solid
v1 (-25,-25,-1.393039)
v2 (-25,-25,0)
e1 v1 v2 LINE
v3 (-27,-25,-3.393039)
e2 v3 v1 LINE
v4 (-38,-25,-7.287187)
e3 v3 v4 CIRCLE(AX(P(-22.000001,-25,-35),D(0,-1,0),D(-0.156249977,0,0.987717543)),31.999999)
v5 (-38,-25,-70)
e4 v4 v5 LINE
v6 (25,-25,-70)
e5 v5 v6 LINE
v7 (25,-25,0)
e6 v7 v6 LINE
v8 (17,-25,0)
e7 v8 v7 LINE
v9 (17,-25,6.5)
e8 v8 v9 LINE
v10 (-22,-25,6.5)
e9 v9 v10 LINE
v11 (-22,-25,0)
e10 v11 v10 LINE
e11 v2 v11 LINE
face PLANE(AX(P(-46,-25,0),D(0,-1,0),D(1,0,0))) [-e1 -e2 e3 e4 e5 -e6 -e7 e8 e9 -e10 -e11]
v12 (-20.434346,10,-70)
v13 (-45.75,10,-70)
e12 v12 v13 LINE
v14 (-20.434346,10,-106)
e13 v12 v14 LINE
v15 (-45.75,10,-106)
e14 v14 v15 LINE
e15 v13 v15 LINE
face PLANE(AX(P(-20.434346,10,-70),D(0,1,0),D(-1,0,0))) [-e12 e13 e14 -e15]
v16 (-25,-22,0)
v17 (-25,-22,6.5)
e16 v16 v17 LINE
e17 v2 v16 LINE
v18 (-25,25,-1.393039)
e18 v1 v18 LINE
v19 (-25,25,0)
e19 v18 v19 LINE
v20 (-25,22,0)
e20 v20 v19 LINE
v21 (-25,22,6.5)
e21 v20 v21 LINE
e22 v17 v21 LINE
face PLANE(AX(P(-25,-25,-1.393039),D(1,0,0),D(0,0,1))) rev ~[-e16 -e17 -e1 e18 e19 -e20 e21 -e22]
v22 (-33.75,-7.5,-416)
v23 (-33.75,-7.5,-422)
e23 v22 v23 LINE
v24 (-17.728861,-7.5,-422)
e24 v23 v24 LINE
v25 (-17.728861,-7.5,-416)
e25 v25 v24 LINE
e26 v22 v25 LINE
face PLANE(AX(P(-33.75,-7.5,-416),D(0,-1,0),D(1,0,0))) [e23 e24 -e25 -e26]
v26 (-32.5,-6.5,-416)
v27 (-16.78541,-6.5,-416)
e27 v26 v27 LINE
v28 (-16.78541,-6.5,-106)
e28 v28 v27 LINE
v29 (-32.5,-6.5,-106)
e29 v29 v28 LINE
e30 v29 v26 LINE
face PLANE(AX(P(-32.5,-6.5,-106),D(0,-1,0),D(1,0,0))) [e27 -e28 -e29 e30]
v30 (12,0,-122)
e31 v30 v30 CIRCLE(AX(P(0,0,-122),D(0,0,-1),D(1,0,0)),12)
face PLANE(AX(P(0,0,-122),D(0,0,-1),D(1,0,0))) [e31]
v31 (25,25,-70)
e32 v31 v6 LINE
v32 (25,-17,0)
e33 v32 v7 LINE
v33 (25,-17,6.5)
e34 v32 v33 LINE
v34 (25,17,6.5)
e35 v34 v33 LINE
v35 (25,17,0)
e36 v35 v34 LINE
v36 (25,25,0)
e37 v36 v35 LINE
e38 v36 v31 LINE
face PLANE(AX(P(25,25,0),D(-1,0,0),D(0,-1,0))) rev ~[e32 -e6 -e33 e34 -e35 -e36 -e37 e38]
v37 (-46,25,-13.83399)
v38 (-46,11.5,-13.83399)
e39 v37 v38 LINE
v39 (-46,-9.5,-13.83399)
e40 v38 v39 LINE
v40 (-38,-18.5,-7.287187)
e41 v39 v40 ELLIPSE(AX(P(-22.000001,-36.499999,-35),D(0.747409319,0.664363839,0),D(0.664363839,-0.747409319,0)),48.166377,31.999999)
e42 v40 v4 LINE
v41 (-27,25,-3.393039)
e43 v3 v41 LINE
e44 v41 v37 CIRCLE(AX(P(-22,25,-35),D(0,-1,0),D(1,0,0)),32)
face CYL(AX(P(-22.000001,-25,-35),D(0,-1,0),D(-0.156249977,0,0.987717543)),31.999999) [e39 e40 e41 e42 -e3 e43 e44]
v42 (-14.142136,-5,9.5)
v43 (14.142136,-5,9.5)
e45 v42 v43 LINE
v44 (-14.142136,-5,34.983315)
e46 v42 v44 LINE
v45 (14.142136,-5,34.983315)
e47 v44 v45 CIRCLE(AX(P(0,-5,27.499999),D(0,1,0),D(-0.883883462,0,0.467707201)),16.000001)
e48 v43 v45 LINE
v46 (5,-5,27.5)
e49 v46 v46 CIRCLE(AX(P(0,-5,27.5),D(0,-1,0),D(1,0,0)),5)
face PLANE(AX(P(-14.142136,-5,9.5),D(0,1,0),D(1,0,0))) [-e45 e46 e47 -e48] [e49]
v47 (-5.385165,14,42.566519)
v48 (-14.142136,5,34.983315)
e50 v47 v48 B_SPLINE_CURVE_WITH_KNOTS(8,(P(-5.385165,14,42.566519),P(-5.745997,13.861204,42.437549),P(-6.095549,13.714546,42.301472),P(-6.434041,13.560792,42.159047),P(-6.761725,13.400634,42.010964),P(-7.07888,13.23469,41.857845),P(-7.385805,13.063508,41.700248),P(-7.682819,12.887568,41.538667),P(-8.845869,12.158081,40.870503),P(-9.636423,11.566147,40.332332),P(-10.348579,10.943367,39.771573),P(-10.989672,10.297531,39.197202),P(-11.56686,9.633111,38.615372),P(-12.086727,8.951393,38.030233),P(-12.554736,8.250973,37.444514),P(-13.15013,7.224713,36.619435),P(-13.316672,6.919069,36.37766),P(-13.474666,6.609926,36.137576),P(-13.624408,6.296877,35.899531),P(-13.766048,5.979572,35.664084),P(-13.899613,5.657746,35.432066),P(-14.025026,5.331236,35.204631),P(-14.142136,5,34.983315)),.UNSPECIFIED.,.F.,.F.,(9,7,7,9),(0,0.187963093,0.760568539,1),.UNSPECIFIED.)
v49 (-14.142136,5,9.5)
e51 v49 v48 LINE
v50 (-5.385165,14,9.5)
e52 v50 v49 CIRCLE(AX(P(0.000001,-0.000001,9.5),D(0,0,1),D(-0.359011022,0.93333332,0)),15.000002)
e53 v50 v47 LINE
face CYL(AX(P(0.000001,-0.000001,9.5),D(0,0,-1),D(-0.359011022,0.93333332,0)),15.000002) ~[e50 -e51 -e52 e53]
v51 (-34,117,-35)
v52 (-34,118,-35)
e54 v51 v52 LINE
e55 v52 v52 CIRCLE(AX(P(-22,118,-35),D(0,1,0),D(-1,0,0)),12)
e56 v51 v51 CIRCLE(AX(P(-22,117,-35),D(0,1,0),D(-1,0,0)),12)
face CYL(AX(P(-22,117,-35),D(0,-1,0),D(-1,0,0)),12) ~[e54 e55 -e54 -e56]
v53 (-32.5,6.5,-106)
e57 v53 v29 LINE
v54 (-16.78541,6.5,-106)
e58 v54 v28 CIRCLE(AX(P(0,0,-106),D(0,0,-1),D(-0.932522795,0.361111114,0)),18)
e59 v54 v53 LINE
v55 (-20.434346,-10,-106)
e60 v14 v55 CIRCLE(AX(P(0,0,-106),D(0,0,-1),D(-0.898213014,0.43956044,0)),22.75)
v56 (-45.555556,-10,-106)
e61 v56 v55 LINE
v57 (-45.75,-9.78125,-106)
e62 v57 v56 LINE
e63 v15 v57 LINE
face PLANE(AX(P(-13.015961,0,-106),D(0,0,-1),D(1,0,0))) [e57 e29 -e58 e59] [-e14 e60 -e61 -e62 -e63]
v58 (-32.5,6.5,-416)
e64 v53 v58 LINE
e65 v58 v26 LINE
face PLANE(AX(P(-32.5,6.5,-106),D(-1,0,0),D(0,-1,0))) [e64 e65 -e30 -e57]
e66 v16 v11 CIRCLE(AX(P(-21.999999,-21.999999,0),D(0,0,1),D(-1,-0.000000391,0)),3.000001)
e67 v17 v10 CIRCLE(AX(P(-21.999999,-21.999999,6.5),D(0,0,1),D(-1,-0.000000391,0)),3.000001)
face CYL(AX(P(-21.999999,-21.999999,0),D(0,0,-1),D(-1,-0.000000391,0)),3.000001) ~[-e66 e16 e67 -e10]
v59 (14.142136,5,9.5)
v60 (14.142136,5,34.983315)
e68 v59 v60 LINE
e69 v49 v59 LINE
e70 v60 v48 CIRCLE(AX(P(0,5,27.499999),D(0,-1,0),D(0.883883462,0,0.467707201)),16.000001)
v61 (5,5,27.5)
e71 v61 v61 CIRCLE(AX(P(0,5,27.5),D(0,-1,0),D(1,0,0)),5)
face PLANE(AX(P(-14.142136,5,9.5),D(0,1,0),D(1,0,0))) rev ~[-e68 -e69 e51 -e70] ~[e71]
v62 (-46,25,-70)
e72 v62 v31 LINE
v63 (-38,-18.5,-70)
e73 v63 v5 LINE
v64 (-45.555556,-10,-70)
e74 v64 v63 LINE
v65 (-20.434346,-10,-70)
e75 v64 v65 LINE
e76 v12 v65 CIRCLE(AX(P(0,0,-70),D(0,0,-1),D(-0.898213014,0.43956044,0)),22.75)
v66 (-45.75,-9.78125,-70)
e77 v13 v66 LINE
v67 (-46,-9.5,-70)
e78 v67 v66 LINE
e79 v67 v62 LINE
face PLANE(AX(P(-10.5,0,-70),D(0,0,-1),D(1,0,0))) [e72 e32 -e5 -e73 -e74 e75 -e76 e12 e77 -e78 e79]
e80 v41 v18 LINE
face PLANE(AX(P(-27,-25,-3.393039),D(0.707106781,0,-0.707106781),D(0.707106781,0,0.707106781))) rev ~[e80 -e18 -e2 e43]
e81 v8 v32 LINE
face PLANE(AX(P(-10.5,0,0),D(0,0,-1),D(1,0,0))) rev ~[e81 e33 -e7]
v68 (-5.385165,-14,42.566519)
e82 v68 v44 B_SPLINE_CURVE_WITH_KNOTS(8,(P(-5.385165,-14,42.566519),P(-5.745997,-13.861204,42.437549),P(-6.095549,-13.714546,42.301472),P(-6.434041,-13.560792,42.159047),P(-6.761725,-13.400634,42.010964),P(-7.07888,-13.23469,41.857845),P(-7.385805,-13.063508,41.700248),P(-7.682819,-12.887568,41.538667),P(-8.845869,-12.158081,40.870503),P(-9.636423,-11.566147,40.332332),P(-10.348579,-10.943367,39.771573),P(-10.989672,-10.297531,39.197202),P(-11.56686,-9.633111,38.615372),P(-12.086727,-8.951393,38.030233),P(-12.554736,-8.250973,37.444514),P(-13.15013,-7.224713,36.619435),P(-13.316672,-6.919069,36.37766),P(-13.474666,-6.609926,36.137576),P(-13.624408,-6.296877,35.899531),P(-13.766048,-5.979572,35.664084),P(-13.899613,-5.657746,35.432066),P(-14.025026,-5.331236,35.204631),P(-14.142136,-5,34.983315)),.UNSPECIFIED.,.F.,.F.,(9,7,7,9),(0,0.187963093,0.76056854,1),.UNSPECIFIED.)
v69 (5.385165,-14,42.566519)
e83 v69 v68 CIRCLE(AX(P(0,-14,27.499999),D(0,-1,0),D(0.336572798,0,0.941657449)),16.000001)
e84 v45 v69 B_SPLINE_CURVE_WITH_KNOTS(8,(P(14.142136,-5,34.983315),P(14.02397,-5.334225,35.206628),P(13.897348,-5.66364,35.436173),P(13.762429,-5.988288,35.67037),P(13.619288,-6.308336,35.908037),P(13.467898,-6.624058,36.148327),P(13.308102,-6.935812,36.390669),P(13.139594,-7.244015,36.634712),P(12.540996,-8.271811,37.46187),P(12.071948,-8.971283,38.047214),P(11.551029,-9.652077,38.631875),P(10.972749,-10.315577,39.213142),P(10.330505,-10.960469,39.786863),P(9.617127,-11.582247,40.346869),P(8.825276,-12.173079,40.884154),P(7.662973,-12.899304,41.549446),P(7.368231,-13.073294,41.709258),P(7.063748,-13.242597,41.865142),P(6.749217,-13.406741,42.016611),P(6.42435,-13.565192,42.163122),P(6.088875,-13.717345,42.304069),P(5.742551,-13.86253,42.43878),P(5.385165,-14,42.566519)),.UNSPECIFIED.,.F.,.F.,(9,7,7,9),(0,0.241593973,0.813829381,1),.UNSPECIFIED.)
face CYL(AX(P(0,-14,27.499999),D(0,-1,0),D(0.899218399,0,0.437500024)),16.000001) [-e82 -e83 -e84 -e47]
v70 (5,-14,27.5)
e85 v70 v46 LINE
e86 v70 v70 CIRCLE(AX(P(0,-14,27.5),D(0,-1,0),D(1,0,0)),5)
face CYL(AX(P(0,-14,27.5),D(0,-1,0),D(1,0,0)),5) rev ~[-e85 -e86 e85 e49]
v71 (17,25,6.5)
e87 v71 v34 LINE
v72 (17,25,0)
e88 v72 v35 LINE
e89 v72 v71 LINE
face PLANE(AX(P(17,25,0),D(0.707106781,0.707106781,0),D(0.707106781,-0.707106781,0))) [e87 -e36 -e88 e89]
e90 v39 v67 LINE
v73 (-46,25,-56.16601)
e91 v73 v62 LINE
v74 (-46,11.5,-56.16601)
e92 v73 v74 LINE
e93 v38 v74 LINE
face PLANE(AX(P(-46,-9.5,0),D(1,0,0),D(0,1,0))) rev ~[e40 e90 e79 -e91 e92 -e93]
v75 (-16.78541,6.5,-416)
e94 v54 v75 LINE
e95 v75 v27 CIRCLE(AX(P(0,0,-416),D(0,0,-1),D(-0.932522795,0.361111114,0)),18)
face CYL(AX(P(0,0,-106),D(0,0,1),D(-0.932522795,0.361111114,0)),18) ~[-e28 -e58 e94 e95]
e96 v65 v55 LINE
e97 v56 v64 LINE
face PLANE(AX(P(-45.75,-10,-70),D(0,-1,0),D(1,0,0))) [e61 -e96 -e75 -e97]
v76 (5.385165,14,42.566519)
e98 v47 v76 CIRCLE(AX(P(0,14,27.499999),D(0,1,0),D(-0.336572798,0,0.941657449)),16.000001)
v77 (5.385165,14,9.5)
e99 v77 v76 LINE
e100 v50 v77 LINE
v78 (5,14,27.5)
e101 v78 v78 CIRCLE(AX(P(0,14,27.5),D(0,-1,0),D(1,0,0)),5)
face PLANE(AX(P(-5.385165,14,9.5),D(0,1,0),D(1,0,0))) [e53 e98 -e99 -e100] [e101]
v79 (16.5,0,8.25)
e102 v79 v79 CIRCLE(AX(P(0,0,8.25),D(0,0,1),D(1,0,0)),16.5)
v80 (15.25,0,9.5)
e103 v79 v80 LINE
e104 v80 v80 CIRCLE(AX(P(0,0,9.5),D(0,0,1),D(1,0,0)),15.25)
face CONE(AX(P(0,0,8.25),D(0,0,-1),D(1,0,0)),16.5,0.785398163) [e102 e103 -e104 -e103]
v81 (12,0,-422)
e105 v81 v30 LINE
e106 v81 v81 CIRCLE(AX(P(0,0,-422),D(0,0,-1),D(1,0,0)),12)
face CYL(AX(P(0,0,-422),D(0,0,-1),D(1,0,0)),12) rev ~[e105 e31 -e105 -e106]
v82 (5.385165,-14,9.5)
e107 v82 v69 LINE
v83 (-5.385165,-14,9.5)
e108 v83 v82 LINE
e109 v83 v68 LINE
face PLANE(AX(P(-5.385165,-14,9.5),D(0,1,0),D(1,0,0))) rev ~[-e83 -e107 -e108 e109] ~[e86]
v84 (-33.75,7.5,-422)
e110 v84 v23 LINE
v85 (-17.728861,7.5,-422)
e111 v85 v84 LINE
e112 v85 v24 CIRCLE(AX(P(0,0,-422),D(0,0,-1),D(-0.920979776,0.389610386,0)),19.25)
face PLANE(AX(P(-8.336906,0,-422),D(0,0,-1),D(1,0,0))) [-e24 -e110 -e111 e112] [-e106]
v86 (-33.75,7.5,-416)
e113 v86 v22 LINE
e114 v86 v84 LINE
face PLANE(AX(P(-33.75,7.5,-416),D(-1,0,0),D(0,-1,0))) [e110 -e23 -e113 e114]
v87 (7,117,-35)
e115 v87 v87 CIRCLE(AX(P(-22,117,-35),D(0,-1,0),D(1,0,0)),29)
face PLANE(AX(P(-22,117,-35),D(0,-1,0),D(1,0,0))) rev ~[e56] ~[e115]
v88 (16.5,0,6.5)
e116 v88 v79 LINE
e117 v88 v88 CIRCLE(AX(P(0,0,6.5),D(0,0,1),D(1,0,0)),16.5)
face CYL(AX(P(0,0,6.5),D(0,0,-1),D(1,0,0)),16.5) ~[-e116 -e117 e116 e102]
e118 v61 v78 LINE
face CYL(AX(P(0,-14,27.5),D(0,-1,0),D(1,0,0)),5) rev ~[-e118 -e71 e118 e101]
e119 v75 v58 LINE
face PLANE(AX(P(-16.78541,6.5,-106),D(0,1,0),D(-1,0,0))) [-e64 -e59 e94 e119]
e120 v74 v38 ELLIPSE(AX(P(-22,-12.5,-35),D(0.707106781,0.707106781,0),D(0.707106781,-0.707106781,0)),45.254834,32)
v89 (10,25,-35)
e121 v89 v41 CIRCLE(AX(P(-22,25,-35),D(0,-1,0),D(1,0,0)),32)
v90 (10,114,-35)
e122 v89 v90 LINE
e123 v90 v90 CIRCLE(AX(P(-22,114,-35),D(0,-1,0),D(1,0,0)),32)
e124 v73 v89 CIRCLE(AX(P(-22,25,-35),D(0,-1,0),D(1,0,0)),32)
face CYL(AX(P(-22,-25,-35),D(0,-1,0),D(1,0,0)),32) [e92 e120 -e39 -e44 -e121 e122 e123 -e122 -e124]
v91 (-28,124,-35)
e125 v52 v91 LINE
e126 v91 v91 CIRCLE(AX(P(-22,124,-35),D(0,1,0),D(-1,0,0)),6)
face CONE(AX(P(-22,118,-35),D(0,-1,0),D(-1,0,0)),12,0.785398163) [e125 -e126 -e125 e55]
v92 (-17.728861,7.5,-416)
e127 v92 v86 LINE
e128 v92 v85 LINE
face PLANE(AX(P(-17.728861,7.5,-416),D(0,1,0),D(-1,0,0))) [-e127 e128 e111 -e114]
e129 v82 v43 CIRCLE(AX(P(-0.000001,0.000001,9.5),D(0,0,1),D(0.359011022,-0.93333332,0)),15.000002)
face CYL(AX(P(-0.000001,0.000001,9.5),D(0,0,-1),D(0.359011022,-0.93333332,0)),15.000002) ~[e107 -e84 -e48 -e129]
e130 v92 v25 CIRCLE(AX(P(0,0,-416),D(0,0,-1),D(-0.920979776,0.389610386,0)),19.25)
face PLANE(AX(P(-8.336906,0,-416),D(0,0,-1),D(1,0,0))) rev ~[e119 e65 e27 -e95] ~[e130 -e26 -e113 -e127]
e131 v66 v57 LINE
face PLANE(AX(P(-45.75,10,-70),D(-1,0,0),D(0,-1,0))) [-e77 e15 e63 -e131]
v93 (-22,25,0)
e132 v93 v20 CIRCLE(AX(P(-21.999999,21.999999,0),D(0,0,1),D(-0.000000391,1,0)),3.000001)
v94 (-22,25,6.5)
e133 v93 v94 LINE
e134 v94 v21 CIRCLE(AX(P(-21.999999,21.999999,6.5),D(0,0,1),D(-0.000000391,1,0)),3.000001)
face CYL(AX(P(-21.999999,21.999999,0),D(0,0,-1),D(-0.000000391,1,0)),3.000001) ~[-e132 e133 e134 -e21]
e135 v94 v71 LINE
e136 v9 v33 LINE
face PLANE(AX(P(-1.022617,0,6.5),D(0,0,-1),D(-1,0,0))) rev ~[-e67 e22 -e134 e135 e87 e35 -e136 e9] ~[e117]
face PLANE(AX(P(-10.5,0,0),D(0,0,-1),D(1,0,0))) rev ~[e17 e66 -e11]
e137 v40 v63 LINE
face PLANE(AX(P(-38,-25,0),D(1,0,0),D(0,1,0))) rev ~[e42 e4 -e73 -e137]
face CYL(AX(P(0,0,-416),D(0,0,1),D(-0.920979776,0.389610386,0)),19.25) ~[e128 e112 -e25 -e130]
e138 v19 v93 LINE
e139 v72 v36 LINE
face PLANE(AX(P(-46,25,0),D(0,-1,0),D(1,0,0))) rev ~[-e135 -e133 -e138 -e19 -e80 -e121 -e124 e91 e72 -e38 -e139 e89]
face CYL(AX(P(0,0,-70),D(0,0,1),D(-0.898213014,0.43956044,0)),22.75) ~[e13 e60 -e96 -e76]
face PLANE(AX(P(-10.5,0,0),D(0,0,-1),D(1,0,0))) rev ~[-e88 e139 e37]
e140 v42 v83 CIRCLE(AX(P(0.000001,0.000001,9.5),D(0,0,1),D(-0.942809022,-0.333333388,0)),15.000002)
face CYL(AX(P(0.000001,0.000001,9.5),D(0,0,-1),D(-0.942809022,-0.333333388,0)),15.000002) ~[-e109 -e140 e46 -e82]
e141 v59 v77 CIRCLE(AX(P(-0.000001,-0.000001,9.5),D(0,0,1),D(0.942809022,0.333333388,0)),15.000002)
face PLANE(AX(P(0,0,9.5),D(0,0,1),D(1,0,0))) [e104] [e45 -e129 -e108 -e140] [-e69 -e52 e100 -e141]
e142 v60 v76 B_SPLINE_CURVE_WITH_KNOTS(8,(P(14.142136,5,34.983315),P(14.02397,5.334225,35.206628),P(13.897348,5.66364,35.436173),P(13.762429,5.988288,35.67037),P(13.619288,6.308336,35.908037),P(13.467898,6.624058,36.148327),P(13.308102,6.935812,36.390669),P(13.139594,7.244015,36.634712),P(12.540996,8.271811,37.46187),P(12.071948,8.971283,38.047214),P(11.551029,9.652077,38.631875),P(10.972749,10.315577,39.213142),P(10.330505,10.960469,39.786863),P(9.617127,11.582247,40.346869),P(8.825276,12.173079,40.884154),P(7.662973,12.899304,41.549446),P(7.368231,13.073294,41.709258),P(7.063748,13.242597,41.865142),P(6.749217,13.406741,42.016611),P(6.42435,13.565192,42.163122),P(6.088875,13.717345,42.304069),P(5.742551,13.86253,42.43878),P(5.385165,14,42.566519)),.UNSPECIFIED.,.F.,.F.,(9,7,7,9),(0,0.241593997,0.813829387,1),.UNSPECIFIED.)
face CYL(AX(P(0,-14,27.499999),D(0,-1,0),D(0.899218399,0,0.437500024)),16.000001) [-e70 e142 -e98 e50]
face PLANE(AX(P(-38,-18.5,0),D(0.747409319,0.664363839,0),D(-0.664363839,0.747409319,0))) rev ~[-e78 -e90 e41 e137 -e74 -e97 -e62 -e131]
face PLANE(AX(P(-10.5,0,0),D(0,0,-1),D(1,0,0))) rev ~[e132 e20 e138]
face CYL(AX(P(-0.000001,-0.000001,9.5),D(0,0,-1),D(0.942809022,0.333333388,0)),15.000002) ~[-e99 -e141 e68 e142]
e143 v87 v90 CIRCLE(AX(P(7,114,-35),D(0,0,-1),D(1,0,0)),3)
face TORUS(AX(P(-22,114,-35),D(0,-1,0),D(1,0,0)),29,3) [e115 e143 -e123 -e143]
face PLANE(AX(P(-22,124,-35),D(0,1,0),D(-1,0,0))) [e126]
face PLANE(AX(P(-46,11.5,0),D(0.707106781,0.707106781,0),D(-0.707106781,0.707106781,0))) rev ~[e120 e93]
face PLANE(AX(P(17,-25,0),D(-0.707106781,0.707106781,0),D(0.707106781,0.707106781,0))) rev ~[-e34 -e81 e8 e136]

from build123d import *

# Parameters (mm, degrees)
PAD_DEPTH       = 6.5
SKETCH001_R     = 16.5
PAD001_DEPTH    = 3
PAD002_DEPTH    = 34
SKETCH003_R     = 5
POCKET_DEPTH    = 30
CHAMFER_SIZE    = 1.25
SKETCH004_W     = 71
SKETCH004_H     = 50
PAD003_DEPTH    = 70
SKETCH005_R     = 32
PAD004_DEPTH    = 142
PAD005_DEPTH    = 36
PAD006_DEPTH    = 310
PAD007_DEPTH    = 6
POCKET001_DEPTH = 142.001
POCKET002_DEPTH = 422.001
SKETCH011_R     = 12
POCKET003_DEPTH = 300
SKETCH012_R     = 12
PAD008_DEPTH    = 7
CHAMFER001_SIZE = 6
FILLET_R        = 3


with BuildPart() as part:
    # Sketch → Pad (new body)
    with BuildSketch(Plane.XY):
        with BuildLine():
            Line((-22, 25), (17, 25))
            Line((17, 25), (25, 17))
            Line((25, 17), (25, -17))
            Line((17, -25), (25, -17))
            Line((17, -25), (-22, -25))
            ThreePointArc((-25, -22), (-24.12132, -24.12132), (-22, -25))
            Line((-25, -22), (-25, 22))
            ThreePointArc((-22, 25), (-24.12132, 24.12132), (-25, 22))
        make_face()
    extrude(amount=PAD_DEPTH)

    # Sketch001 (on Face10 of Pad) → Pad001 (join)
    with BuildSketch(Plane.XY.offset(6.5)):
        Circle(SKETCH001_R)
    extrude(amount=PAD001_DEPTH)

    # Sketch002 (on Face12 of Pad001) → Pad002 (join)
    with BuildSketch(Plane.XY.offset(9.5)):
        with BuildLine():
            ThreePointArc((-5.385165, 14), (-10.750761, 10.460456), (-14.142136, 5))
            Line((-14.142136, 5), (14.142136, 5))
            ThreePointArc((14.142136, 5), (10.750761, 10.460456), (5.385165, 14))
            Line((-5.385165, 14), (5.385165, 14))
        make_face()
        with BuildLine():
            Line((-14.142136, -5), (14.142136, -5))
            ThreePointArc((5.385165, -14), (10.750761, -10.460456), (14.142136, -5))
            Line((-5.385165, -14), (5.385165, -14))
            ThreePointArc((-14.142136, -5), (-10.750761, -10.460456), (-5.385165, -14))
        make_face()
    extrude(amount=PAD002_DEPTH)

    # Sketch003 (on Face14 of Pad002) → Pocket (cut)
    with BuildSketch(Plane.XZ.offset(14)):
        with Locations((0, 27.5)):
            Circle(SKETCH003_R)
        with BuildLine():
            ThreePointArc((14.387495, 34.5), (0, 43.5), (-14.387495, 34.5))
            Line((-14.387495, 34.5), (-14.387495, 44.5))
            Line((14.387495, 44.5), (-14.387495, 44.5))
            Line((14.387495, 34.5), (14.387495, 44.5))
        make_face()
    extrude(amount=-POCKET_DEPTH, mode=Mode.SUBTRACT)

    # Chamfer
    chamfer_edges = [part.edges().sort_by_distance(p)[0] for p in [
        (-16.5, 0, 9.5),
    ]]
    chamfer(chamfer_edges, length=CHAMFER_SIZE)

    # Sketch004 (on Face21 of Chamfer) → Pad003 (join)
    with BuildSketch(Plane(origin=(0, 0, 0), x_dir=(1, 0, 0), z_dir=(0, 0, -1))):
        with Locations((-10.5, 0)):
            Rectangle(SKETCH004_W, SKETCH004_H)
    extrude(amount=PAD003_DEPTH)

    # Sketch005 (on Face1 of Pad003) → Pad004 (join)
    with BuildSketch(Plane.XZ.offset(25)):
        with Locations((-22, -35)):
            Circle(SKETCH005_R)
    extrude(amount=-PAD004_DEPTH)

    # Sketch006 (on Face6 of Pad004) → Pad005 (join)
    with BuildSketch(Plane(origin=(0, 0, -70), x_dir=(1, 0, 0), z_dir=(0, 0, -1))):
        with BuildLine():
            ThreePointArc((-20.434346, -10), (22.75, 0), (-20.434346, 10))
            Line((-45.75, 10), (-20.434346, 10))
            Line((-45.75, -10), (-45.75, 10))
            Line((-20.434346, -10), (-45.75, -10))
        make_face()
    extrude(amount=PAD005_DEPTH)

    # Sketch007 (on Face27 of Pad005) → Pad006 (join)
    with BuildSketch(Plane(origin=(0, 0, -106), x_dir=(1, 0, 0), z_dir=(0, 0, -1))):
        with BuildLine():
            ThreePointArc((-16.78541, -6.5), (18, 0), (-16.78541, 6.5))
            Line((-32.5, 6.5), (-16.78541, 6.5))
            Line((-32.5, -6.5), (-32.5, 6.5))
            Line((-16.78541, -6.5), (-32.5, -6.5))
        make_face()
    extrude(amount=PAD006_DEPTH)

    # Sketch008 (on Face35 of Pad006) → Pad007 (join)
    with BuildSketch(Plane(origin=(0, 0, -416), x_dir=(1, 0, 0), z_dir=(0, 0, -1))):
        with BuildLine():
            ThreePointArc((-17.728861, -7.5), (19.25, 0), (-17.728861, 7.5))
            Line((-33.75, 7.5), (-17.728861, 7.5))
            Line((-33.75, -7.5), (-33.75, 7.5))
            Line((-17.728861, -7.5), (-33.75, -7.5))
        make_face()
    extrude(amount=PAD007_DEPTH)

    # Sketch009 (on Face1 of Pad003) → Pocket001 (cut, through all)
    with BuildSketch(Plane.XZ.offset(25)):
        with BuildLine():
            ThreePointArc((-27, -3.393039), (-46.33105, -14.21539), (-54, -35))
            Line((-54, -35), (-54, 0))
            Line((-25, 0), (-54, 0))
            Line((-25, -1.393039), (-25, 0))
            Line((-27, -3.393039), (-25, -1.393039))
        make_face()
    extrude(amount=-POCKET001_DEPTH, mode=Mode.SUBTRACT)

    # Sketch010 (on Face4 of Pad003) → Pocket002 (cut, through all)
    with BuildSketch(Plane.XY):
        Polygon((-38, -25), (-38, -18.5), (-46, -9.5), (-46, 11.5), (-55, 20.5), (-55, -25), align=None)
    extrude(amount=-POCKET002_DEPTH, mode=Mode.SUBTRACT)

    # Sketch011 (on Face5 of Pad007) → Pocket003 (cut)
    with BuildSketch(Plane(origin=(0, 0, -422), x_dir=(1, 0, 0), z_dir=(0, 0, -1))):
        Circle(SKETCH011_R)
    extrude(amount=-POCKET003_DEPTH, mode=Mode.SUBTRACT)

    # Sketch012 (on Face23 of Pad004) → Pad008 (join)
    with BuildSketch(Plane(origin=(0, 117, 0), x_dir=(-1, 0, 0), z_dir=(0, 1, 0))):
        with Locations((22, -35)):
            Circle(SKETCH012_R)
    extrude(amount=PAD008_DEPTH)

    # Chamfer001
    chamfer001_edges = [part.edges().sort_by_distance(p)[0] for p in [
        (-10, 124, -35),
    ]]
    chamfer(chamfer001_edges, length=CHAMFER001_SIZE)

    # Fillet
    fillet_edges = [part.edges().sort_by_distance(p)[0] for p in [
        (-46.33105, 117, -14.21539),
        (-1.21539, 117, -10.66895),
        (-22, 117, -67),
    ]]
    fillet(fillet_edges, radius=FILLET_R)


solid = part.part
